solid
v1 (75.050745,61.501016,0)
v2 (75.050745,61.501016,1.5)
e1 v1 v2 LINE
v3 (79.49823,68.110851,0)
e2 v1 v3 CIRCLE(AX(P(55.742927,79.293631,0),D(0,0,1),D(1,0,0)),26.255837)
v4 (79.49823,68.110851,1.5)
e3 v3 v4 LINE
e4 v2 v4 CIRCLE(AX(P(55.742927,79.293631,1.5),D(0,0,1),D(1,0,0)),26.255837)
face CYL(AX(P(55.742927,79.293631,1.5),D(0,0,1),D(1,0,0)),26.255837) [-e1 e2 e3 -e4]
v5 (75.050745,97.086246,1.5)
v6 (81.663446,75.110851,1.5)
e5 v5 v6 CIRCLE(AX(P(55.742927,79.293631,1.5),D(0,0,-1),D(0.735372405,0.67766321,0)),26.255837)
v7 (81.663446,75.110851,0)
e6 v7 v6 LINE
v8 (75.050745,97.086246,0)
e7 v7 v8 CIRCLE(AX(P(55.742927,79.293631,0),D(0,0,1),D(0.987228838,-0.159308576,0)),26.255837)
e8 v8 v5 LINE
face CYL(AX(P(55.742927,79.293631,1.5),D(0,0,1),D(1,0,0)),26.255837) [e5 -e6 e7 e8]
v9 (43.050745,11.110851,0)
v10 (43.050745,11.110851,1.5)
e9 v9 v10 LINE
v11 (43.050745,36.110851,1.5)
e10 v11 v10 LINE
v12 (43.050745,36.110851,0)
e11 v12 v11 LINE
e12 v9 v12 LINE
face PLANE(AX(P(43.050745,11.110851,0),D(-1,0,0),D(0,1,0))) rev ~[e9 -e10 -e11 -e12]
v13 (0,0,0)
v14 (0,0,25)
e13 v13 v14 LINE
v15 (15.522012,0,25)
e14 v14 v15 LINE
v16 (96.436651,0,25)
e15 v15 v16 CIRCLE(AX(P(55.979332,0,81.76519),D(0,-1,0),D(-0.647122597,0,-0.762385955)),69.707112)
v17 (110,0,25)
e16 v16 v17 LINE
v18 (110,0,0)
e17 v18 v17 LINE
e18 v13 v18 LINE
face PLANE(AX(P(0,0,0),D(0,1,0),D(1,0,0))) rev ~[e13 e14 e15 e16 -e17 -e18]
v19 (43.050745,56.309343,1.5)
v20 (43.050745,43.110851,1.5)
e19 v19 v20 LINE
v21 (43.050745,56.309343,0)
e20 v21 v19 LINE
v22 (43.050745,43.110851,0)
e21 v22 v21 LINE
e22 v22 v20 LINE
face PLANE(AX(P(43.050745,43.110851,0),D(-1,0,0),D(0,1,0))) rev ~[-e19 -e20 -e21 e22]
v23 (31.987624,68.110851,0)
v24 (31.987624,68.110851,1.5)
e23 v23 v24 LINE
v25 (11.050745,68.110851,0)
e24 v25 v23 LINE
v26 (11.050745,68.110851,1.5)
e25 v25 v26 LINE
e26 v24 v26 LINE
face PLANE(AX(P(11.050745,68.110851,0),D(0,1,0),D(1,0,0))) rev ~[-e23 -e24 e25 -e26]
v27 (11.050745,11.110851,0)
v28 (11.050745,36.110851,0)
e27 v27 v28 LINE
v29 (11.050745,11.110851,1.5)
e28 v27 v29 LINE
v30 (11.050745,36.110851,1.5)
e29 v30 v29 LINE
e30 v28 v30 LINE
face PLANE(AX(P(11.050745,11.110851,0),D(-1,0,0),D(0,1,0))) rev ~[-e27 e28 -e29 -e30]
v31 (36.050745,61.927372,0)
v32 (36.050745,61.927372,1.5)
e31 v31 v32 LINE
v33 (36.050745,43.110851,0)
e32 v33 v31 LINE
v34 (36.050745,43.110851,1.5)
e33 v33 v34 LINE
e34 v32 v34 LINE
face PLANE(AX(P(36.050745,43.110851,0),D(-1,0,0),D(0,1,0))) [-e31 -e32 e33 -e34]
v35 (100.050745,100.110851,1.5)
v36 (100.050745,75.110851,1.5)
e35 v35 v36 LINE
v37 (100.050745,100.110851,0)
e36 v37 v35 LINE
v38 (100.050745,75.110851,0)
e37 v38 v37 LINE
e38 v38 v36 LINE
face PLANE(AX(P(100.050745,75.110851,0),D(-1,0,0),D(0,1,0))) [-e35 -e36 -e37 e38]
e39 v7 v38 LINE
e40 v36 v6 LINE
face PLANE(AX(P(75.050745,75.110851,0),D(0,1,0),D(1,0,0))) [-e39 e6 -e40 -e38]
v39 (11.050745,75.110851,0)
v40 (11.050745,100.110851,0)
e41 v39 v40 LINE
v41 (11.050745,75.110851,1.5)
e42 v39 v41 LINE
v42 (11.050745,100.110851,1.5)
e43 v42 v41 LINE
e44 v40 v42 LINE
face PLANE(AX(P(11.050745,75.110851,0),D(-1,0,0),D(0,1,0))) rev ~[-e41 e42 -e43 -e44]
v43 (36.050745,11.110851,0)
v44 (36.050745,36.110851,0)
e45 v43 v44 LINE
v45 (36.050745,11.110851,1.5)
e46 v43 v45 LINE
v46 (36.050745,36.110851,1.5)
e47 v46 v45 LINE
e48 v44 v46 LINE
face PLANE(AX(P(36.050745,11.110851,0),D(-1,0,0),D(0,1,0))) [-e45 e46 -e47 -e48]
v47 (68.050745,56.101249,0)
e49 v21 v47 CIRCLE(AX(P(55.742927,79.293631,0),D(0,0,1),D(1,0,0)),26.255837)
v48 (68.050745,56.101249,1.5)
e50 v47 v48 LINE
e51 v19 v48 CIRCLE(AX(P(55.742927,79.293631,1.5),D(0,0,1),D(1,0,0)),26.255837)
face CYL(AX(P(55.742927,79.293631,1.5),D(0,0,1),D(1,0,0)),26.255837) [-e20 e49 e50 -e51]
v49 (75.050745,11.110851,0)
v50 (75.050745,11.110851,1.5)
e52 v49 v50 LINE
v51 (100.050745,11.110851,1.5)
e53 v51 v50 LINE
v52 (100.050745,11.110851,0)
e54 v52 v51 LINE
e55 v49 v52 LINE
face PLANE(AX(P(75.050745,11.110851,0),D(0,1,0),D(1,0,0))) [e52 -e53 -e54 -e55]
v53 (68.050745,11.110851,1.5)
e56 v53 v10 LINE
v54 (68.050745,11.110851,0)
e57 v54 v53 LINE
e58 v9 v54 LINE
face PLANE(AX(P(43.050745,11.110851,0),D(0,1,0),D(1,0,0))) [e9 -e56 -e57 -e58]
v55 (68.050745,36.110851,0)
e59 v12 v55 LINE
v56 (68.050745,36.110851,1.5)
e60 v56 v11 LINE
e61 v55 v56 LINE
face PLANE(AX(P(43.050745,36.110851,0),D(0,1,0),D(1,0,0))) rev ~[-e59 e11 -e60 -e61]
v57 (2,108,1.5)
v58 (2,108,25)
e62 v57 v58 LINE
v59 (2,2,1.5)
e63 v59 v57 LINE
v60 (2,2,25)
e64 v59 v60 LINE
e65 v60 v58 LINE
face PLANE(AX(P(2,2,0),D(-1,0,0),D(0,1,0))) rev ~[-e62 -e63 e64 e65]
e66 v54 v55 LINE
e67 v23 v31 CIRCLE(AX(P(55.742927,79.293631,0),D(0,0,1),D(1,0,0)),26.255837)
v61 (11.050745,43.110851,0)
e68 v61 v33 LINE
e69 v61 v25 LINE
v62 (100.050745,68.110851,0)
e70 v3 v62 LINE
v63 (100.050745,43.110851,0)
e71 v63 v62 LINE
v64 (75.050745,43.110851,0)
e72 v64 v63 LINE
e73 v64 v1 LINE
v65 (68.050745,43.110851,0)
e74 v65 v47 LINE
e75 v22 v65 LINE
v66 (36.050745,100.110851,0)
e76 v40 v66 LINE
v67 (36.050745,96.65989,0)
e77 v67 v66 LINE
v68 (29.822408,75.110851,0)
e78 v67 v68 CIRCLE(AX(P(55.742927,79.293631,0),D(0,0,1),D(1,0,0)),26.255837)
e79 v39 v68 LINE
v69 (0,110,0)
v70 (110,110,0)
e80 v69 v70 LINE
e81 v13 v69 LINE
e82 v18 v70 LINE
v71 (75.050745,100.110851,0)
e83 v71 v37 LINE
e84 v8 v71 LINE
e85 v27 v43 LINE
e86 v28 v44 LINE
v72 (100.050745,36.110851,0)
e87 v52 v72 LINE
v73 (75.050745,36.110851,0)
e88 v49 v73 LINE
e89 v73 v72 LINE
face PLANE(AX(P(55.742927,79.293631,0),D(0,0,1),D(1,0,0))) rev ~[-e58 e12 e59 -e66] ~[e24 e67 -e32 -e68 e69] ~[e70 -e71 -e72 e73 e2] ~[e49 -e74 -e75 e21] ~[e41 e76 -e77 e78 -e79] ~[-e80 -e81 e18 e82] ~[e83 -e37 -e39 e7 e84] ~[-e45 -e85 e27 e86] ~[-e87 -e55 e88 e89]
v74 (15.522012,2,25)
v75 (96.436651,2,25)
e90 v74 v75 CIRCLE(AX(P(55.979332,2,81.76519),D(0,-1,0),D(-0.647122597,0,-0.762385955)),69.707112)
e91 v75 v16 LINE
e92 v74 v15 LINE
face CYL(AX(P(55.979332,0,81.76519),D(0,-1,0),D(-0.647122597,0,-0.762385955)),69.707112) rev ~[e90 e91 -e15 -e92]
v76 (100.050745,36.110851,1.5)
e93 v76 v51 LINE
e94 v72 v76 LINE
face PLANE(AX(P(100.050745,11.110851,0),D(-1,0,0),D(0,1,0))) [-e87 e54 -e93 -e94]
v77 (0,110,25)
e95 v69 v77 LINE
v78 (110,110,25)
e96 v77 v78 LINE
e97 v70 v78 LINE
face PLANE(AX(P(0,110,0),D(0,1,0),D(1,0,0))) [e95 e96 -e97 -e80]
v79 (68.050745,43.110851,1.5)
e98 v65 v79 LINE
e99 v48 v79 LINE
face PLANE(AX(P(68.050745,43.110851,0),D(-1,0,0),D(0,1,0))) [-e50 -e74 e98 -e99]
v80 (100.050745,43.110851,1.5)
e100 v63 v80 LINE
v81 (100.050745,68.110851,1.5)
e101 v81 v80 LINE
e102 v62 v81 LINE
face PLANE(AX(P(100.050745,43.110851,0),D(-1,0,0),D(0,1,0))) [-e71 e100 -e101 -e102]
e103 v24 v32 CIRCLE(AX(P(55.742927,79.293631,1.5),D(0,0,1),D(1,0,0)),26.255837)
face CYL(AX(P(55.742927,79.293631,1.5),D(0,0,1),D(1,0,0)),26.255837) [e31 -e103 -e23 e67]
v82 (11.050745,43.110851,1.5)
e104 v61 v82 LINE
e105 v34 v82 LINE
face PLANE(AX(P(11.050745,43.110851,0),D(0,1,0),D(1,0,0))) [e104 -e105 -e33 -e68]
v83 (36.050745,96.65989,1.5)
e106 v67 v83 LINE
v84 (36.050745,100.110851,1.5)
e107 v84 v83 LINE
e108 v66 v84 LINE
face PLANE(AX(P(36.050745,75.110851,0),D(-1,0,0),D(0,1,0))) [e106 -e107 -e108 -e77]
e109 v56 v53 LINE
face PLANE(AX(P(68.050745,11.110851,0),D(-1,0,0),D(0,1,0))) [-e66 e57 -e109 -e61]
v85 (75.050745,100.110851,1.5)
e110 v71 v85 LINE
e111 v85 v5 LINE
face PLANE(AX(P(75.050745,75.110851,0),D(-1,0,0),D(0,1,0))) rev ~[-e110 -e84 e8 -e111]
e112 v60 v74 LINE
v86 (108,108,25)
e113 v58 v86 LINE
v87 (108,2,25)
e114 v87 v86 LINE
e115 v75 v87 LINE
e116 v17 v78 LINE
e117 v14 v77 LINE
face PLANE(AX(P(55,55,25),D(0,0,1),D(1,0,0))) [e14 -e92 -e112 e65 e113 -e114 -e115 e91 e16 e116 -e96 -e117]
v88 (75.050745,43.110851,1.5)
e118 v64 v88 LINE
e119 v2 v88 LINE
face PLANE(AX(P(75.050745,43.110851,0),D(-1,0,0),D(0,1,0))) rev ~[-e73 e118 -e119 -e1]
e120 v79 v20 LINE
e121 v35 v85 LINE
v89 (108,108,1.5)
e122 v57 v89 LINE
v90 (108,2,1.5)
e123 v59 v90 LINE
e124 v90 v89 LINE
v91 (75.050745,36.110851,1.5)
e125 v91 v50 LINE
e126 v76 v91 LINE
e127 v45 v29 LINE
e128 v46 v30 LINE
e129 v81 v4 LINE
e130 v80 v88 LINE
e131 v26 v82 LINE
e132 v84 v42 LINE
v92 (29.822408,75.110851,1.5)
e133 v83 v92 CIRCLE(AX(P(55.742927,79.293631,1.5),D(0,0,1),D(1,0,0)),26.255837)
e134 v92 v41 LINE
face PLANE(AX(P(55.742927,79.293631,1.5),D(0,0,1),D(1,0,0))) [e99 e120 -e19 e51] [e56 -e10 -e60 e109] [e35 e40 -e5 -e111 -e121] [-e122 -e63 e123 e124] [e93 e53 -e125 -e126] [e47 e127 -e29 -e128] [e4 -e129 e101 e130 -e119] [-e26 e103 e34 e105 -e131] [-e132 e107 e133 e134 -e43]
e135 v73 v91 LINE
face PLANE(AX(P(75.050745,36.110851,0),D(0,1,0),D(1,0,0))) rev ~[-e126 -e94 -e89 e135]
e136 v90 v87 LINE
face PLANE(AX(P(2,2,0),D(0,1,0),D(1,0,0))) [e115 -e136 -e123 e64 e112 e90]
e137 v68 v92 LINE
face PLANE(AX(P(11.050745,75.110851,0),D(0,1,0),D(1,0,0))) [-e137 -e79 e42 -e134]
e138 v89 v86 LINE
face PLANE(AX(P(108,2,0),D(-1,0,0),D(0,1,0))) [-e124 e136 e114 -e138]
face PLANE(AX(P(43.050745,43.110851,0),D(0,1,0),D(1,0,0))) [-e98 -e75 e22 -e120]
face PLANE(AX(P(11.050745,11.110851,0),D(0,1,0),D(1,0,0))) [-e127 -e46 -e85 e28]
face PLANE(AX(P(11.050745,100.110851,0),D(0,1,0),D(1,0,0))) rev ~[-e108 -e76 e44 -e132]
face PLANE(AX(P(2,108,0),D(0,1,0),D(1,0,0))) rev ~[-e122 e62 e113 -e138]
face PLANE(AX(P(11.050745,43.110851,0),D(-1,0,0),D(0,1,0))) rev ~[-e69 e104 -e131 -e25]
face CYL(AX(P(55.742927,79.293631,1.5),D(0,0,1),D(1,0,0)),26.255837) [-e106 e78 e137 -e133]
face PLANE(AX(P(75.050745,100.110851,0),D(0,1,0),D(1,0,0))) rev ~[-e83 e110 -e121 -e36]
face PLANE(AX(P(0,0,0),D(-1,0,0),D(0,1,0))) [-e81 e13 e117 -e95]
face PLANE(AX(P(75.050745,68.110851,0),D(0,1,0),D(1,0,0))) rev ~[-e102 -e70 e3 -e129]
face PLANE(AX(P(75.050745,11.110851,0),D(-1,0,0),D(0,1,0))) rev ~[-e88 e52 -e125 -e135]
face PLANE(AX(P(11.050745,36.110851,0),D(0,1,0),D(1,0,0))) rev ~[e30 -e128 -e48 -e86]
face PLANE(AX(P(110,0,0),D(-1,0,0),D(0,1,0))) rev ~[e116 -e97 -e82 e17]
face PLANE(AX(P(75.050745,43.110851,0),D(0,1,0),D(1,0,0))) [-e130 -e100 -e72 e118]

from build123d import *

# Parameters (mm, degrees)
F0_W     = 110
F0_H     = 110
F0_W_2   = 106
F0_H_2   = 106
F1_DEPTH = 25
F2_W     = 106
F2_H     = 106
F3_DEPTH = 1.5
F4_W     = 25
F4_H     = 25
F5_DEPTH = 25
F6_R     = 26.255837
F7_DEPTH = 1.5
F9_DEPTH = 25


with BuildPart() as f1:
    # F0 (on Top) → F1 (new body)
    with BuildSketch(Plane.XY):
        with Locations((55, 55)):
            Rectangle(F0_W, F0_H)
        with Locations((55, 55)):
            Rectangle(F0_W_2, F0_H_2, mode=Mode.SUBTRACT)
    extrude(amount=F1_DEPTH)

    # F2 (on Top) → F3 (join)
    with BuildSketch(Plane.XY):
        with Locations((55, 55)):
            Rectangle(F2_W, F2_H)
    extrude(amount=F3_DEPTH)

    # F4 (on Top) → F5 (cut)
    with BuildSketch(Plane.XY):
        with Locations((23.550745, 87.610851)):
            Rectangle(F4_W, F4_H)
        with Locations((23.550745, 55.610851)):
            Rectangle(F4_W, F4_H)
        with Locations((23.550745, 23.610851)):
            Rectangle(F4_W, F4_H)
        with Locations((55.550745, 87.610851)):
            Rectangle(F4_W, F4_H)
        with Locations((55.550745, 55.610851)):
            Rectangle(F4_W, F4_H)
        with Locations((55.550745, 23.610851)):
            Rectangle(F4_W, F4_H)
        with Locations((87.550745, 87.610851)):
            Rectangle(F4_W, F4_H)
        with Locations((87.550745, 55.610851)):
            Rectangle(F4_W, F4_H)
        with Locations((87.550745, 23.610851)):
            Rectangle(F4_W, F4_H)
    extrude(amount=F5_DEPTH, mode=Mode.SUBTRACT)

    # F6 (on face) → F7 (join, through all)
    with BuildSketch(Plane.XY.offset(1.5)):
        with Locations((55.742927, 79.293631)):
            Circle(F6_R)
    extrude(amount=-F7_DEPTH)

    # F8 (on face) → F9 (cut)
    with BuildSketch(Plane.XZ):
        with BuildLine():
            Line((100.912742, 28.472882), (10.870284, 28.621467))
            ThreePointArc((10.870284, 28.621467), (55.864304, 12.058173), (100.912742, 28.472882))
        make_face()
    extrude(amount=-F9_DEPTH, mode=Mode.SUBTRACT)


solid = f1.part
